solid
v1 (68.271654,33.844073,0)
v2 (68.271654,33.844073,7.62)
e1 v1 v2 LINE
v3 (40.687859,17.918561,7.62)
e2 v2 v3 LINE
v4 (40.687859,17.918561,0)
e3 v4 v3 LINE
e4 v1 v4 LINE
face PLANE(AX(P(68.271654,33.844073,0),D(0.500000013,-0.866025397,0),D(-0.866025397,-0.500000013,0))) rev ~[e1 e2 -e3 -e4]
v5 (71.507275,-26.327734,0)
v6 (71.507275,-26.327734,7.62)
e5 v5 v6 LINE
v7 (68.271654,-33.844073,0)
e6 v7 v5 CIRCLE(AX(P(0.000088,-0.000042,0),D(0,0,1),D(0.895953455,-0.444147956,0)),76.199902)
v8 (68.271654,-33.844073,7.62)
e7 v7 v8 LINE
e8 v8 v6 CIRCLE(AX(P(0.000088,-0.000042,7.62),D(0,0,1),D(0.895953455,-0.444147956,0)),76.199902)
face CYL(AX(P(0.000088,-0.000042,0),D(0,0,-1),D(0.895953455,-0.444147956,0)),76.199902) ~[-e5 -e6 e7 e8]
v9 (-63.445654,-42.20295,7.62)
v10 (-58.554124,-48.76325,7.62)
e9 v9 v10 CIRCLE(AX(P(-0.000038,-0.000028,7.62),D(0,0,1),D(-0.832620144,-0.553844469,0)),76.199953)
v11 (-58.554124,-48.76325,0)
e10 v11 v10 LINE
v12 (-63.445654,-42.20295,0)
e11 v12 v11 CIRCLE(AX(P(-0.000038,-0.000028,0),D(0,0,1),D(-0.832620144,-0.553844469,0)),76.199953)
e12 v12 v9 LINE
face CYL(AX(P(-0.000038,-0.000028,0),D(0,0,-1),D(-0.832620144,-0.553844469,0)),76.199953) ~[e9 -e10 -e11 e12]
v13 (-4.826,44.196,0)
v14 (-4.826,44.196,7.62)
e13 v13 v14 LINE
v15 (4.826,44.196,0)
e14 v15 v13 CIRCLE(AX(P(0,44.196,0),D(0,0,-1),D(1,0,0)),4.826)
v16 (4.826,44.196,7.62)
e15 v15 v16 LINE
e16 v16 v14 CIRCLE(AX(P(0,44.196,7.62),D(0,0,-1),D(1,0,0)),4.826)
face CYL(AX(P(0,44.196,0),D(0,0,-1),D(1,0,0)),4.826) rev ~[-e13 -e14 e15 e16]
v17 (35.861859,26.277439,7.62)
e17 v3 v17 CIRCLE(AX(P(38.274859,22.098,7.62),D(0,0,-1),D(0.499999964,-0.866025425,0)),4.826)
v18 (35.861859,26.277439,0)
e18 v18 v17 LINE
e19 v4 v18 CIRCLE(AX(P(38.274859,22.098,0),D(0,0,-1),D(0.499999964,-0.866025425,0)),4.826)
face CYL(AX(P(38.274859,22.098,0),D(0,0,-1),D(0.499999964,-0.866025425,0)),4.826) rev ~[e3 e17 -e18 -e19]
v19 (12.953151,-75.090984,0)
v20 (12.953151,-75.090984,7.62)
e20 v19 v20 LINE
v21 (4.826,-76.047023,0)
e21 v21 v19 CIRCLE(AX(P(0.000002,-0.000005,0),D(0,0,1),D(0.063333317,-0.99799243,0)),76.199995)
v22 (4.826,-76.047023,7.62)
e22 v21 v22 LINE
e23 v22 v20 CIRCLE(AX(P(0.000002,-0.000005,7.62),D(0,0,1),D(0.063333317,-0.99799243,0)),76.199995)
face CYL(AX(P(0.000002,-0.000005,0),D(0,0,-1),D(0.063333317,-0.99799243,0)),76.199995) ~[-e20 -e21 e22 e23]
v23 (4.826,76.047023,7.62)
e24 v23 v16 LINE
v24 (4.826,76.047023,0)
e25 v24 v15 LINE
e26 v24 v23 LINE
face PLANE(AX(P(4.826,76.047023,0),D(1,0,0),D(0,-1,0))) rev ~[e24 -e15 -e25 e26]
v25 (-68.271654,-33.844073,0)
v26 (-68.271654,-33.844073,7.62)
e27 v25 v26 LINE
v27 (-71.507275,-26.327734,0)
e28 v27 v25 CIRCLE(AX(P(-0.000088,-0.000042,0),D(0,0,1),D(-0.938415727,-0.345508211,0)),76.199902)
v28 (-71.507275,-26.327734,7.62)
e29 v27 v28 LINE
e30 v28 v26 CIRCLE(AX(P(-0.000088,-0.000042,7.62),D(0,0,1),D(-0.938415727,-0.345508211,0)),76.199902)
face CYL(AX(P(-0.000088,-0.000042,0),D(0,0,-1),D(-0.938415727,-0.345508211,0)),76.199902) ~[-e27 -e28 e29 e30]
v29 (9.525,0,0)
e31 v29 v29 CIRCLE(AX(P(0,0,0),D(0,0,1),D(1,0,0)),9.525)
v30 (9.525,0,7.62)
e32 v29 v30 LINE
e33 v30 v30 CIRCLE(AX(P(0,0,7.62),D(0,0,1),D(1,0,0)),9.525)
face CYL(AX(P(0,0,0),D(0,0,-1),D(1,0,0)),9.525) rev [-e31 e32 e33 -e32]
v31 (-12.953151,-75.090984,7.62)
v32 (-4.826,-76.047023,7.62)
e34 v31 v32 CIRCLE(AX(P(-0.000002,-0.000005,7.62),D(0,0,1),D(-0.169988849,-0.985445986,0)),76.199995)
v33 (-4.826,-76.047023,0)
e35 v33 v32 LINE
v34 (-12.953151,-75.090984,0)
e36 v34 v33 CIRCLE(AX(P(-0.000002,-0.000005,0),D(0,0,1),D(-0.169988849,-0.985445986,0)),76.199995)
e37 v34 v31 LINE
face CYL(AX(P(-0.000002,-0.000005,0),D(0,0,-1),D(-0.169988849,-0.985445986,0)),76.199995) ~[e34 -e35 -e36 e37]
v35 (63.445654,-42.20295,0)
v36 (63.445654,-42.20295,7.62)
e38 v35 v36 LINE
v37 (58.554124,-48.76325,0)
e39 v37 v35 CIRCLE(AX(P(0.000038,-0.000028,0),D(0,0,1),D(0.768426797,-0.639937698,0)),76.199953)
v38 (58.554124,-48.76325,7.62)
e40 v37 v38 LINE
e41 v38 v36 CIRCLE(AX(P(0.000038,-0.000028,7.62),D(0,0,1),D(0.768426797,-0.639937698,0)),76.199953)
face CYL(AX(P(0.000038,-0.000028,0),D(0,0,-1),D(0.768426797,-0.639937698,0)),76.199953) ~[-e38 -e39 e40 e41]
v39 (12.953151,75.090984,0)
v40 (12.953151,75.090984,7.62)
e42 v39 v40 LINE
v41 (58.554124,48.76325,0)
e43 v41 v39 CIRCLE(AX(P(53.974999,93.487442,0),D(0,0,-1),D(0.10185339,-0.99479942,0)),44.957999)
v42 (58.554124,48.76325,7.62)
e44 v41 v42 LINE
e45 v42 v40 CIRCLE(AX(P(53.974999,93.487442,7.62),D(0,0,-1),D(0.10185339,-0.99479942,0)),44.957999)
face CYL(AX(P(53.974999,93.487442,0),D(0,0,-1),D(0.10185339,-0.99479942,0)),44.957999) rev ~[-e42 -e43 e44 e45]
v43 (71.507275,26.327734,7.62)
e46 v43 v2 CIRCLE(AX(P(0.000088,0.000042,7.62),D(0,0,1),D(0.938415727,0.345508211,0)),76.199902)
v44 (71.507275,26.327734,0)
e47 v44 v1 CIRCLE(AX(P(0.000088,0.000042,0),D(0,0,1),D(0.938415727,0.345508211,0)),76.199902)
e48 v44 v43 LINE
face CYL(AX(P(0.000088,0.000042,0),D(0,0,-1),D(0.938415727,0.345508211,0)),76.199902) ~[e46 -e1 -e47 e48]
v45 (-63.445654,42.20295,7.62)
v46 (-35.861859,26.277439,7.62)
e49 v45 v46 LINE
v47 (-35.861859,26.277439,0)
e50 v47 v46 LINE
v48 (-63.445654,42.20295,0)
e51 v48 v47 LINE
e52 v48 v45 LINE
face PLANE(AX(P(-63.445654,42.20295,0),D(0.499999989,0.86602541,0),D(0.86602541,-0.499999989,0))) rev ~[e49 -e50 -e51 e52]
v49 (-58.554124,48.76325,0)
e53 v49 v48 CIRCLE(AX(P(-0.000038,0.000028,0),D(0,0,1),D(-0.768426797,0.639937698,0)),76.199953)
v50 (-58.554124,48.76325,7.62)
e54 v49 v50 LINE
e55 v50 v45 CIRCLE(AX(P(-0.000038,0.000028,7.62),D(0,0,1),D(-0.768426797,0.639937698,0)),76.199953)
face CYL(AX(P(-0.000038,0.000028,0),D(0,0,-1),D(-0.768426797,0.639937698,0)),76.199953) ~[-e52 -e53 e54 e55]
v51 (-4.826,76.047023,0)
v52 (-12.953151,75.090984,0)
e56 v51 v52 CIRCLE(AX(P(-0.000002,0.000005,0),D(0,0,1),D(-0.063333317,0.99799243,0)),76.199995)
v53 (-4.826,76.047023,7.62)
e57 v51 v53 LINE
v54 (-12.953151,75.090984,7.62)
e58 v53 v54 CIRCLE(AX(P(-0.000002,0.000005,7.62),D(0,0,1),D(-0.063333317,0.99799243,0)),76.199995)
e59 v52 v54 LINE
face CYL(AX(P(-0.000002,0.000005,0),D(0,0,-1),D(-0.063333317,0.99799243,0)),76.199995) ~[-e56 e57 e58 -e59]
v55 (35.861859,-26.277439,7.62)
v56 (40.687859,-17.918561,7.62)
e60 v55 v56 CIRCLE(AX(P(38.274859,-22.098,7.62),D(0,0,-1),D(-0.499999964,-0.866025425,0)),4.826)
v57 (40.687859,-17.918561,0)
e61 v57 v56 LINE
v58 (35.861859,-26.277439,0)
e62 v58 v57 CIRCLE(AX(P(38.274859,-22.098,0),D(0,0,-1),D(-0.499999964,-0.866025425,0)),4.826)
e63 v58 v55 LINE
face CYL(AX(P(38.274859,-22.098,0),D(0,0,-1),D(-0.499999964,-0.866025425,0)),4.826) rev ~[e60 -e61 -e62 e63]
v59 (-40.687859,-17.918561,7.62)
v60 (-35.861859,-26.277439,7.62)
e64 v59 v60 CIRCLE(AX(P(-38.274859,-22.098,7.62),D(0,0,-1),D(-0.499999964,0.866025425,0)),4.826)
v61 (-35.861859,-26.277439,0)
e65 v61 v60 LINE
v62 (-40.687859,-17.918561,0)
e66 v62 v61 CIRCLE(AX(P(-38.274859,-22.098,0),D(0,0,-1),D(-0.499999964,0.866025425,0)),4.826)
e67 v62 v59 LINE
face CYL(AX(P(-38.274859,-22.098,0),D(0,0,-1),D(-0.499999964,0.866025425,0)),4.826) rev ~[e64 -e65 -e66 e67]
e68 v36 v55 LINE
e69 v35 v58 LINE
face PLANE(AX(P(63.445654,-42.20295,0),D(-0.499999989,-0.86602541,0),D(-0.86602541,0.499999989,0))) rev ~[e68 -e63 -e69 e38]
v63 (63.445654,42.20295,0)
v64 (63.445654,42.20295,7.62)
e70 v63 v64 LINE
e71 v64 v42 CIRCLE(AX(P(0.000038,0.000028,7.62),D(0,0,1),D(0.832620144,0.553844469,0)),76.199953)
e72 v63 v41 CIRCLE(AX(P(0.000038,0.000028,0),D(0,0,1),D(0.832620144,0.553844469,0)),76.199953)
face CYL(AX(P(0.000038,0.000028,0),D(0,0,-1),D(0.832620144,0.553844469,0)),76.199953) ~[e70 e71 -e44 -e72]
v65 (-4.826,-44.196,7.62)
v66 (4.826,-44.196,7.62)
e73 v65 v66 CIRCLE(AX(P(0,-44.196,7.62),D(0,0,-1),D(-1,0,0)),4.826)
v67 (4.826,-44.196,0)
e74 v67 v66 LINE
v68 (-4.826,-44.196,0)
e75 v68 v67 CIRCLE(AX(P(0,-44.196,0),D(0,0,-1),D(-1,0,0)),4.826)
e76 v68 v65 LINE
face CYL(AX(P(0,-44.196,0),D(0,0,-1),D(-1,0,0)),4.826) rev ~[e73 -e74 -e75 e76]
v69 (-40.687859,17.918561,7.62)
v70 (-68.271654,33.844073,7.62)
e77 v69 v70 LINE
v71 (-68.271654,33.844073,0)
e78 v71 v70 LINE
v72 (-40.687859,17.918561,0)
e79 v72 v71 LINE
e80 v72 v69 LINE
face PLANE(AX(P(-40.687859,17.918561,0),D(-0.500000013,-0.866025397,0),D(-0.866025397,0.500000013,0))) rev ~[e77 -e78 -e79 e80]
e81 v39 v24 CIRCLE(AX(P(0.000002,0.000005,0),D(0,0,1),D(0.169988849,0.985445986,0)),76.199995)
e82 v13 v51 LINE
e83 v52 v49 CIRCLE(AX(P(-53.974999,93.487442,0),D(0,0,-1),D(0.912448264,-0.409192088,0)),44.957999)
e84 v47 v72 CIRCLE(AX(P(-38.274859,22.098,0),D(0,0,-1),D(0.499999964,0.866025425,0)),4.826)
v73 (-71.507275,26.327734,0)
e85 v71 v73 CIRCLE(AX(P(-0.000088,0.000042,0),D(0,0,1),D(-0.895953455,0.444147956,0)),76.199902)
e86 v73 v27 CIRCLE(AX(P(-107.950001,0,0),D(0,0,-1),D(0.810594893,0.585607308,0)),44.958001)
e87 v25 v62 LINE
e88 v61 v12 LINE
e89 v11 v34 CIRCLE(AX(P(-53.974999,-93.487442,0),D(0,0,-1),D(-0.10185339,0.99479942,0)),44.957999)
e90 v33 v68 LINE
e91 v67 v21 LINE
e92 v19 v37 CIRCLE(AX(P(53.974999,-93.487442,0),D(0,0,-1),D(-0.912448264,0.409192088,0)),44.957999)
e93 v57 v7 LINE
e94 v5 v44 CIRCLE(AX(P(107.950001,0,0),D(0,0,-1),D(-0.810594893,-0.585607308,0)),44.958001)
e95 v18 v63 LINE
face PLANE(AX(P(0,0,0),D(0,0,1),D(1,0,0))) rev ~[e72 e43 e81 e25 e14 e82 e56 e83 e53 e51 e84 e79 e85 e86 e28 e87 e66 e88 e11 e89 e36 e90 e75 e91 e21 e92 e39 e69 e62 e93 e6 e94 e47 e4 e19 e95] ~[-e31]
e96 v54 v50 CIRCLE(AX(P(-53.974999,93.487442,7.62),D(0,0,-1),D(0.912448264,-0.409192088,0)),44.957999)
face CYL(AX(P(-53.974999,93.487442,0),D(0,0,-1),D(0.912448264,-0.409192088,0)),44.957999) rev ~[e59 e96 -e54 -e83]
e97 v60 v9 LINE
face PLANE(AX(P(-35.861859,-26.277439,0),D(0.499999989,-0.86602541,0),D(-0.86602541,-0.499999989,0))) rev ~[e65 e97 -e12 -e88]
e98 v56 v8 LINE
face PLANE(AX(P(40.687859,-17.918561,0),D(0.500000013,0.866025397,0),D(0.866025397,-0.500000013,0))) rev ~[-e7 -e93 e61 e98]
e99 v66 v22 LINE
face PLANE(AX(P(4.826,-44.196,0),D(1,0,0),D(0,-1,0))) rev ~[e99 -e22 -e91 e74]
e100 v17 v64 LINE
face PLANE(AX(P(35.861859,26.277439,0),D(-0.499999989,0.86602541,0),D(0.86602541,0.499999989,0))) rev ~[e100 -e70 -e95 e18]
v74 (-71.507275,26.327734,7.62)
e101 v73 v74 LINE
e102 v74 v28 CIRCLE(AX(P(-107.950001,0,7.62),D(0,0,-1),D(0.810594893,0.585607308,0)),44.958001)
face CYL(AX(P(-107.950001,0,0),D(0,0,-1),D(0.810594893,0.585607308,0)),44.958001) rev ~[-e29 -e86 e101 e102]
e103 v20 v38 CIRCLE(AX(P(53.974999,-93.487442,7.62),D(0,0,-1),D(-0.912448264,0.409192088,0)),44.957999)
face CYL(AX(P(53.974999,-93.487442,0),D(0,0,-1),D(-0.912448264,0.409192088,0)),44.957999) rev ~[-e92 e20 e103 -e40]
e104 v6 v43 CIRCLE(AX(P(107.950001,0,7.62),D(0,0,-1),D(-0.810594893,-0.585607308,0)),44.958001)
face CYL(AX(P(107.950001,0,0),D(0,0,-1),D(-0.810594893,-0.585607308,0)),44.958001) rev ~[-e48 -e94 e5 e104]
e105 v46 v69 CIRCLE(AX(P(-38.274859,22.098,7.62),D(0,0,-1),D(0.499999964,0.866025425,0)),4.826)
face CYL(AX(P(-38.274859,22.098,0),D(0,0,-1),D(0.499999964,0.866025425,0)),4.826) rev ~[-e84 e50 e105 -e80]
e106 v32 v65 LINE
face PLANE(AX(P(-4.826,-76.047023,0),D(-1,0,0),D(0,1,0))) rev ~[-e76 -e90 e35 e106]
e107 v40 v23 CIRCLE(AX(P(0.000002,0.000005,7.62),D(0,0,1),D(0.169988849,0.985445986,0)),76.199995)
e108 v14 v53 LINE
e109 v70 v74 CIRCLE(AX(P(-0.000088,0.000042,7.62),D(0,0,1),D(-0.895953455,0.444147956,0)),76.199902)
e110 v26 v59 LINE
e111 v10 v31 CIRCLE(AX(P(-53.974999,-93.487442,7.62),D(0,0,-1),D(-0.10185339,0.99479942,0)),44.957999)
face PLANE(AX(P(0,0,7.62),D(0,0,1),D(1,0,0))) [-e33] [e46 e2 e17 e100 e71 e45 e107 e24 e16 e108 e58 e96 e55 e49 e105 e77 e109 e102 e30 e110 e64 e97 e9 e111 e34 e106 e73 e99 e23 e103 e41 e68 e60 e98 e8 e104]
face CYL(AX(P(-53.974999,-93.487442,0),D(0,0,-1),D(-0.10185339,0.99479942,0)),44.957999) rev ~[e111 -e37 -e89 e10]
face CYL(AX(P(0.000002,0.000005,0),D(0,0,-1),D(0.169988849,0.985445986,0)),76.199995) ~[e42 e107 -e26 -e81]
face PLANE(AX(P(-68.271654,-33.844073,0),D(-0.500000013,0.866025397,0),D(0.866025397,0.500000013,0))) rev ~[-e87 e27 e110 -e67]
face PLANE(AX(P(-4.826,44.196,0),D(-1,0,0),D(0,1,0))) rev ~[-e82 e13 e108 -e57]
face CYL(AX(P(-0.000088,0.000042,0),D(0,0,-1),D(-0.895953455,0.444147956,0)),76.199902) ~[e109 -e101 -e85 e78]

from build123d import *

# Parameters (mm, degrees)
F0_R     = 9.525
F1_DEPTH = 7.62


with BuildPart() as f1:
    # F0 (on Top) → F1 (new body)
    with BuildSketch(Plane.XY):
        with BuildLine():
            ThreePointArc((71.507275, -26.327734), (62.992, 0), (71.507275, 26.327734))
            ThreePointArc((71.507275, 26.327734), (69.990436, 30.129369), (68.271654, 33.844073))
            Line((68.271654, 33.844073), (40.687859, 17.918561))
            ThreePointArc((40.687859, 17.918561), (34.09542, 19.685), (35.861859, 26.277439))
            Line((35.861859, 26.277439), (63.445654, 42.20295))
            ThreePointArc((63.445654, 42.20295), (61.088017, 45.548811), (58.554124, 48.76325))
            ThreePointArc((58.554124, 48.76325), (31.496, 54.552672), (12.953151, 75.090984))
            ThreePointArc((12.953151, 75.090984), (8.902419, 75.67818), (4.826, 76.047023))
            Line((4.826, 76.047023), (4.826, 44.196))
            ThreePointArc((4.826, 44.196), (0, 39.37), (-4.826, 44.196))
            Line((-4.826, 44.196), (-4.826, 76.047023))
            ThreePointArc((-4.826, 76.047023), (-8.902419, 75.67818), (-12.953151, 75.090984))
            ThreePointArc((-12.953151, 75.090984), (-31.496, 54.552672), (-58.554124, 48.76325))
            ThreePointArc((-58.554124, 48.76325), (-61.088017, 45.548811), (-63.445654, 42.20295))
            Line((-63.445654, 42.20295), (-35.861859, 26.277439))
            ThreePointArc((-35.861859, 26.277439), (-34.09542, 19.685), (-40.687859, 17.918561))
            Line((-40.687859, 17.918561), (-68.271654, 33.844073))
            ThreePointArc((-68.271654, 33.844073), (-69.990436, 30.129369), (-71.507275, 26.327734))
            ThreePointArc((-71.507275, 26.327734), (-62.992, 0), (-71.507275, -26.327734))
            ThreePointArc((-71.507275, -26.327734), (-69.990436, -30.129369), (-68.271654, -33.844073))
            Line((-68.271654, -33.844073), (-40.687859, -17.918561))
            ThreePointArc((-40.687859, -17.918561), (-34.09542, -19.685), (-35.861859, -26.277439))
            Line((-35.861859, -26.277439), (-63.445654, -42.20295))
            ThreePointArc((-63.445654, -42.20295), (-61.088017, -45.548811), (-58.554124, -48.76325))
            ThreePointArc((-58.554124, -48.76325), (-31.496, -54.552672), (-12.953151, -75.090984))
            ThreePointArc((-12.953151, -75.090984), (-8.902419, -75.67818), (-4.826, -76.047023))
            Line((-4.826, -76.047023), (-4.826, -44.196))
            ThreePointArc((-4.826, -44.196), (0, -39.37), (4.826, -44.196))
            Line((4.826, -44.196), (4.826, -76.047023))
            ThreePointArc((4.826, -76.047023), (8.902419, -75.67818), (12.953151, -75.090984))
            ThreePointArc((12.953151, -75.090984), (31.496, -54.552672), (58.554124, -48.76325))
            ThreePointArc((58.554124, -48.76325), (61.088017, -45.548811), (63.445654, -42.20295))
            Line((63.445654, -42.20295), (35.861859, -26.277439))
            ThreePointArc((35.861859, -26.277439), (34.09542, -19.685), (40.687859, -17.918561))
            Line((40.687859, -17.918561), (68.271654, -33.844073))
            ThreePointArc((68.271654, -33.844073), (69.990436, -30.129369), (71.507275, -26.327734))
        make_face()
        Circle(F0_R, mode=Mode.SUBTRACT)
    extrude(amount=F1_DEPTH)


solid = f1.part
